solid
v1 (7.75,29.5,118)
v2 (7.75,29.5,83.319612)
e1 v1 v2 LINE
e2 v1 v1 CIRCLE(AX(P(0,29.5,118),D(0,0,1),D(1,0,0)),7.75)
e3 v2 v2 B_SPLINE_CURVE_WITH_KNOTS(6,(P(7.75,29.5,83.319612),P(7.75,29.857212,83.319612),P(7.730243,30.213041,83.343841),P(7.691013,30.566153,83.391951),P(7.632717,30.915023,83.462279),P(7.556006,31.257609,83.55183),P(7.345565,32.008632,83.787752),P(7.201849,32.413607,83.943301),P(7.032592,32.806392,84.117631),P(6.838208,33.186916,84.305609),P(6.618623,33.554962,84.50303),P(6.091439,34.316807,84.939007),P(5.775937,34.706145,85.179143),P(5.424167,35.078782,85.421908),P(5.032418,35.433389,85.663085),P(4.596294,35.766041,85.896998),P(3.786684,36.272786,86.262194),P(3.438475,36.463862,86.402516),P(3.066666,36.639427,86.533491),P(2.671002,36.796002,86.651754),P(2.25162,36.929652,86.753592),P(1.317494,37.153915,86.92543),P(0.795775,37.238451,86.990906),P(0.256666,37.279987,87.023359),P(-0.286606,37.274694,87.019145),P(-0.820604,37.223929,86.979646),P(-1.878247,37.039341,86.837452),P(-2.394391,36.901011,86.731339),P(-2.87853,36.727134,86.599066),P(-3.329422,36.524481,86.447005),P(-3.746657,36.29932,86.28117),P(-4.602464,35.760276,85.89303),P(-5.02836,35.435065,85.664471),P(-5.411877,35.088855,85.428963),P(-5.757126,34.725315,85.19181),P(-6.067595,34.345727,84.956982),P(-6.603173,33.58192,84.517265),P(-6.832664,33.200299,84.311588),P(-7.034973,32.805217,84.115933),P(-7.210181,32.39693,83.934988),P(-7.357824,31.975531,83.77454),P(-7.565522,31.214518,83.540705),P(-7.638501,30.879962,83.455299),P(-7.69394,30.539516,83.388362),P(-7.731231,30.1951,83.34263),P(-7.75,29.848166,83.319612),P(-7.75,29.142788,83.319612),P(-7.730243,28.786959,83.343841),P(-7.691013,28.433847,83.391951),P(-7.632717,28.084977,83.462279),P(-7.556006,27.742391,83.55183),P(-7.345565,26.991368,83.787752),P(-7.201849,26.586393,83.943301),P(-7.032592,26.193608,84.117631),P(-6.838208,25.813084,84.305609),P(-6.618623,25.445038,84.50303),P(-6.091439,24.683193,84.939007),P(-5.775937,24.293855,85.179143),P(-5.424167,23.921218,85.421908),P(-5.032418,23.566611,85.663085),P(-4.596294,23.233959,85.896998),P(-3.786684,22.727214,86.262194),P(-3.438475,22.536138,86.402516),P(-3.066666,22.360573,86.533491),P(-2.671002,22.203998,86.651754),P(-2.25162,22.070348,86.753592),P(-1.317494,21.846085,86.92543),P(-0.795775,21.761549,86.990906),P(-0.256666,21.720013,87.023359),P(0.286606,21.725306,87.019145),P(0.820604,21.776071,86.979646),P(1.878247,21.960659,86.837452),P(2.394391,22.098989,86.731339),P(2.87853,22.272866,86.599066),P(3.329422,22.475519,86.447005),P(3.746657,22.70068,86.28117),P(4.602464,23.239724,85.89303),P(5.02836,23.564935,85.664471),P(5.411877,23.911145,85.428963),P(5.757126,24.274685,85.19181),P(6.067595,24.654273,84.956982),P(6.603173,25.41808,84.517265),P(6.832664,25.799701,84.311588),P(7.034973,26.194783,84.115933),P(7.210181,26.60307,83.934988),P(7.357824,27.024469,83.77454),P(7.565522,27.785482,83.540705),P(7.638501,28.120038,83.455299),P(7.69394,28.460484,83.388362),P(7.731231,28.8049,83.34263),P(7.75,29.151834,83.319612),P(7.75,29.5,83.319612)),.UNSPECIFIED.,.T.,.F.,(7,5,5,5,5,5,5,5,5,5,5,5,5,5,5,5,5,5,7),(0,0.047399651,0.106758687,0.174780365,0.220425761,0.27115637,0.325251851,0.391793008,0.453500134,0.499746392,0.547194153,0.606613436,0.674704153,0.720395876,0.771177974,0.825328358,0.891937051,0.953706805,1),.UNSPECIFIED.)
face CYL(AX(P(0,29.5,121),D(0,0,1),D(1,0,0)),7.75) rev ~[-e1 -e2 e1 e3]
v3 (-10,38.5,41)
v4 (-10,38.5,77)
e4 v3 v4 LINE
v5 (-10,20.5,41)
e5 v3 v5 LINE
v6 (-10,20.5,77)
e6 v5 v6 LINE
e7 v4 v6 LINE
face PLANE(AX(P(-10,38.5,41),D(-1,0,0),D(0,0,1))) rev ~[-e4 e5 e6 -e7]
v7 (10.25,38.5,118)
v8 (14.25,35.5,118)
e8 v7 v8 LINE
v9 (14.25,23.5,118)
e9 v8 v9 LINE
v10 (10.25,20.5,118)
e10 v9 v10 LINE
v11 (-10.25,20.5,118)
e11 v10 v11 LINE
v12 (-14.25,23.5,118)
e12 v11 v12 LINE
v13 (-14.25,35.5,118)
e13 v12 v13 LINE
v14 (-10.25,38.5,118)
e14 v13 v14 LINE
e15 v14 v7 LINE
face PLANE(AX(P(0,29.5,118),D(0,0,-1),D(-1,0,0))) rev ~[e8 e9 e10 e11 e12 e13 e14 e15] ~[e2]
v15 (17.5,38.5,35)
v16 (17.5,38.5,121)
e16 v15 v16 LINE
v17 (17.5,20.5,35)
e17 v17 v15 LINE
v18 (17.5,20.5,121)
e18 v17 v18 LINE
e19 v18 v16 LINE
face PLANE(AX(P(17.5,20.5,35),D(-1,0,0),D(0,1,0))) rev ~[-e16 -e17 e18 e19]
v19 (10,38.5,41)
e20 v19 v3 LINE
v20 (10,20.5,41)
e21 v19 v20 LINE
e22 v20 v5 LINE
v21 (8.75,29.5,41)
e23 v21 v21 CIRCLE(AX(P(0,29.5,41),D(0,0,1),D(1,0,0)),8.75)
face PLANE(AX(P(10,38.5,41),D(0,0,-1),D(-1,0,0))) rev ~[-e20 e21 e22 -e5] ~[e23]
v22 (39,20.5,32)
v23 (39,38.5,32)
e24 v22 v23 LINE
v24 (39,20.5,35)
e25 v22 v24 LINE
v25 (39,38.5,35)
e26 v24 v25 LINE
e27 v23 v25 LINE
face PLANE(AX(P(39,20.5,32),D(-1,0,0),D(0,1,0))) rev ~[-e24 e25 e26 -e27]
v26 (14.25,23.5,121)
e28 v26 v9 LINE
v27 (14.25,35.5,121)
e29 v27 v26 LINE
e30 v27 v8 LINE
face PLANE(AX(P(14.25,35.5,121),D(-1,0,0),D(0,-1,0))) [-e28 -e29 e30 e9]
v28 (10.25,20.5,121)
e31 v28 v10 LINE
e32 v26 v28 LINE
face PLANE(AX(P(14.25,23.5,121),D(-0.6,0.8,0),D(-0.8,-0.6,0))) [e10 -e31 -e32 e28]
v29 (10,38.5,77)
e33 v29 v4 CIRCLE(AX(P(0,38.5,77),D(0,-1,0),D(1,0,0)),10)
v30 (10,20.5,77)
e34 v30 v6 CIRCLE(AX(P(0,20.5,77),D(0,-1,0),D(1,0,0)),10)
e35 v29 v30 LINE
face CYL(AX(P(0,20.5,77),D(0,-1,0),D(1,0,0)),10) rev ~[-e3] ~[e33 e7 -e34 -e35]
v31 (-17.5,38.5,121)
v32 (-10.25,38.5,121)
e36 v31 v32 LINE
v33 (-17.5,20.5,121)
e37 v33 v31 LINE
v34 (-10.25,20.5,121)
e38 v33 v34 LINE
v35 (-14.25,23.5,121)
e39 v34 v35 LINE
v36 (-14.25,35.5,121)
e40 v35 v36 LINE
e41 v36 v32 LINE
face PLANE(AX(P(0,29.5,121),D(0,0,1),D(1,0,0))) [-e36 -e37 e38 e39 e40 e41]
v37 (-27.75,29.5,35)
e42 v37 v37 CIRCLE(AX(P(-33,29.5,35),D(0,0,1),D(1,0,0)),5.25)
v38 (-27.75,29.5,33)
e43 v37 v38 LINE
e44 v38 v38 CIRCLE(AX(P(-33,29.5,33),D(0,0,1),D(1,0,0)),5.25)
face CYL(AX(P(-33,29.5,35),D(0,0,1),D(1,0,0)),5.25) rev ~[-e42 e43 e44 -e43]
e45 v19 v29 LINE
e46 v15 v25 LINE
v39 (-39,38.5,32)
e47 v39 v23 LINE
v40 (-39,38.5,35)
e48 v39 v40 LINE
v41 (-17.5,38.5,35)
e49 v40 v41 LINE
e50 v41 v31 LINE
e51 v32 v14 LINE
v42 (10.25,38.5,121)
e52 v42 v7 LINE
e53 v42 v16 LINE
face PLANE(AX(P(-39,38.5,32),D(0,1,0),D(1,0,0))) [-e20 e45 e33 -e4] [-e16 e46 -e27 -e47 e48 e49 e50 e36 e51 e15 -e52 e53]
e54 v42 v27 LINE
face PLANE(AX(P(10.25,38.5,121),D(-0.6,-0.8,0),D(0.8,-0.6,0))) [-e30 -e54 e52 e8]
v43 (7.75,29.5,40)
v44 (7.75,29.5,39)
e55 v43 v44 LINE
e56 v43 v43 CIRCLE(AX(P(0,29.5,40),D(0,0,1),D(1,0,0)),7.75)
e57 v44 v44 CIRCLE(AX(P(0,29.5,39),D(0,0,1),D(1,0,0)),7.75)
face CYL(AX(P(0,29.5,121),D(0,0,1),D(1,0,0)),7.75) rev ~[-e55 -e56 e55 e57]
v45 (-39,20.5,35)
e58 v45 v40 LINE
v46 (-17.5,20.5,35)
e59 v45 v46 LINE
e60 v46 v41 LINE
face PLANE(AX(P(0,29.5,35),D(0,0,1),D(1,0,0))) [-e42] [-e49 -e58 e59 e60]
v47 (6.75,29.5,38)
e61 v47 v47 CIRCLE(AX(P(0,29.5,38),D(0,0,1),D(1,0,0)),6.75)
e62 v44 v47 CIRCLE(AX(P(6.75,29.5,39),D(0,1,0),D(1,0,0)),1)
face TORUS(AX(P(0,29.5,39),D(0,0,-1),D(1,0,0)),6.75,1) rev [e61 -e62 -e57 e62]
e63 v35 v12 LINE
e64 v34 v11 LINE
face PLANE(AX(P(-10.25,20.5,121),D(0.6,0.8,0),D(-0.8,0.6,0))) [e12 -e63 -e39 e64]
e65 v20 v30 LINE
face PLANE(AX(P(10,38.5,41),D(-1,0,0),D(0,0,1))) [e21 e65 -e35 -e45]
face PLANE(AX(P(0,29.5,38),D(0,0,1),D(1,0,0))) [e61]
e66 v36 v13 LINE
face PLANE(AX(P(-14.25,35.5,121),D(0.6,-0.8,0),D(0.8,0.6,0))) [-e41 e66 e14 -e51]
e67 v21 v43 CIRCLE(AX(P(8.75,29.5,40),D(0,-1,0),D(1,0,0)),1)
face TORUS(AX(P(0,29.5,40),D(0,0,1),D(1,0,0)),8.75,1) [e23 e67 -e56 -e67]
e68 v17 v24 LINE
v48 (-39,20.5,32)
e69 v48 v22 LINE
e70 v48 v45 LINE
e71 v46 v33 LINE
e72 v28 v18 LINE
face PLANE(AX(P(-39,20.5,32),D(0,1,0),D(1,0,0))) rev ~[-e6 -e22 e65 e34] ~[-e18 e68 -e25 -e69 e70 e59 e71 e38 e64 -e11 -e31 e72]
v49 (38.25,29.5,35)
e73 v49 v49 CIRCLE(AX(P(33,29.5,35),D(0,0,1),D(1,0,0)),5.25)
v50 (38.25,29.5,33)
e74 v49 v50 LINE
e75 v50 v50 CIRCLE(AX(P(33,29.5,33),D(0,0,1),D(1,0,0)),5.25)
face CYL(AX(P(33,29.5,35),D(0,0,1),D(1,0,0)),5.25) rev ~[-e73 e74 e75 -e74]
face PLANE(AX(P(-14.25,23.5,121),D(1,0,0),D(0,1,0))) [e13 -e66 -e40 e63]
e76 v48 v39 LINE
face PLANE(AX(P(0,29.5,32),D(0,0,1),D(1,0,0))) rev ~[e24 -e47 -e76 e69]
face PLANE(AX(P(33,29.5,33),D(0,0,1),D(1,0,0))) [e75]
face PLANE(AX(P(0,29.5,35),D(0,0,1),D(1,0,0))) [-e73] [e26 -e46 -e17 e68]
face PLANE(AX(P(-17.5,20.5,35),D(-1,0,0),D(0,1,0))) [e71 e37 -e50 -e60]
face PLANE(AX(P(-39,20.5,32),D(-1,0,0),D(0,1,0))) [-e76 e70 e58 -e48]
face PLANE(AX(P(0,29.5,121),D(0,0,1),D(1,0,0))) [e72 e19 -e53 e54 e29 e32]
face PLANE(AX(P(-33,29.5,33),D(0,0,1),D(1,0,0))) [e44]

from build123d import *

# Parameters (mm, degrees)
SKETCH063_W            = 78
SKETCH063_H            = 18
PAD020_DEPTH           = 3
SKETCH064_R            = 5.25
POCKET040_DEPTH        = 2
LINEARPATTERN001_COUNT = 2
LINEARPATTERN001_PITCH = 66
SKETCH065_W            = 35
SKETCH065_H            = 18
PAD021_DEPTH           = 86
SKETCH066_R            = 7.75
POCKET041_DEPTH        = 83
POCKET042_DEPTH        = 3
SKETCH068_W            = 20
SKETCH068_H            = 36
POCKET043_DEPTH        = 18.001
SKETCH069_R            = 10
POCKET044_DEPTH        = 18.001
FILLET_R               = 1


with BuildPart() as part:
    # Sketch063 → Pad020 (new body)
    with BuildSketch(Plane.XY):
        with Locations((0, 29.5)):
            Rectangle(SKETCH063_W, SKETCH063_H)
    extrude(amount=PAD020_DEPTH)

    # Sketch064 (on Face6 of Pad020) → Pocket040 (cut)
    with BuildSketch(Plane.XY.offset(3)):
        with Locations((-33, 29.5)):
            Circle(SKETCH064_R)
    pocket040 = extrude(amount=-POCKET040_DEPTH, mode=Mode.SUBTRACT)

    # LinearPattern001: Pocket040 ×2
    with Locations(*[(i * LINEARPATTERN001_PITCH, 0, 0) for i in range(1, LINEARPATTERN001_COUNT)]):
        add(pocket040, mode=Mode.SUBTRACT)

    # Sketch065 (on Face5 of LinearPattern001) → Pad021 (join)
    with BuildSketch(Plane.XY.offset(3)):
        with Locations((0, 29.5)):
            Rectangle(SKETCH065_W, SKETCH065_H)
    extrude(amount=PAD021_DEPTH)

    # Sketch066 (on Face12 of Pad021) → Pocket041 (cut)
    with BuildSketch(Plane.XY.offset(89)):
        with Locations((0, 29.5)):
            Circle(SKETCH066_R)
    extrude(amount=-POCKET041_DEPTH, mode=Mode.SUBTRACT)

    # Sketch067 (on Face12 of Pocket041) → Pocket042 (cut)
    with BuildSketch(Plane.XY.offset(89)):
        Polygon((-10.25, 38.5), (10.25, 38.5), (14.25, 35.5), (14.25, 23.5), (10.25, 20.5), (-10.25, 20.5), (-14.25, 23.5), (-14.25, 35.5), align=None)
    extrude(amount=-POCKET042_DEPTH, mode=Mode.SUBTRACT)

    # Sketch068 (on Face6 of Pocket042) → Pocket043 (cut, through all)
    with BuildSketch(Plane(origin=(0, 38.5, 0), x_dir=(-1, 0, 0), z_dir=(0, 1, 0))):
        with Locations((0, 27)):
            Rectangle(SKETCH068_W, SKETCH068_H)
    extrude(amount=-POCKET043_DEPTH, mode=Mode.SUBTRACT)

    # Sketch069 (on Face22 of Pocket043) → Pocket044 (cut, through all)
    with BuildSketch(Plane.XZ.offset(-20.5)):
        with Locations((0, 45)):
            Circle(SKETCH069_R)
    extrude(amount=-POCKET044_DEPTH, mode=Mode.SUBTRACT)

    # Fillet
    fillet_edges = [part.edges().sort_by_distance(p)[0] for p in [
        (-7.75, 29.5, 9),
        (7.75, 29.5, 7.5),
        (-7.75, 29.5, 6),
    ]]
    fillet(fillet_edges, radius=FILLET_R)


with BuildPart() as part_1:
    # Body005 placement: moved
    add(part.part.moved(Location((0, 0, 32))))


solid = part_1.part
